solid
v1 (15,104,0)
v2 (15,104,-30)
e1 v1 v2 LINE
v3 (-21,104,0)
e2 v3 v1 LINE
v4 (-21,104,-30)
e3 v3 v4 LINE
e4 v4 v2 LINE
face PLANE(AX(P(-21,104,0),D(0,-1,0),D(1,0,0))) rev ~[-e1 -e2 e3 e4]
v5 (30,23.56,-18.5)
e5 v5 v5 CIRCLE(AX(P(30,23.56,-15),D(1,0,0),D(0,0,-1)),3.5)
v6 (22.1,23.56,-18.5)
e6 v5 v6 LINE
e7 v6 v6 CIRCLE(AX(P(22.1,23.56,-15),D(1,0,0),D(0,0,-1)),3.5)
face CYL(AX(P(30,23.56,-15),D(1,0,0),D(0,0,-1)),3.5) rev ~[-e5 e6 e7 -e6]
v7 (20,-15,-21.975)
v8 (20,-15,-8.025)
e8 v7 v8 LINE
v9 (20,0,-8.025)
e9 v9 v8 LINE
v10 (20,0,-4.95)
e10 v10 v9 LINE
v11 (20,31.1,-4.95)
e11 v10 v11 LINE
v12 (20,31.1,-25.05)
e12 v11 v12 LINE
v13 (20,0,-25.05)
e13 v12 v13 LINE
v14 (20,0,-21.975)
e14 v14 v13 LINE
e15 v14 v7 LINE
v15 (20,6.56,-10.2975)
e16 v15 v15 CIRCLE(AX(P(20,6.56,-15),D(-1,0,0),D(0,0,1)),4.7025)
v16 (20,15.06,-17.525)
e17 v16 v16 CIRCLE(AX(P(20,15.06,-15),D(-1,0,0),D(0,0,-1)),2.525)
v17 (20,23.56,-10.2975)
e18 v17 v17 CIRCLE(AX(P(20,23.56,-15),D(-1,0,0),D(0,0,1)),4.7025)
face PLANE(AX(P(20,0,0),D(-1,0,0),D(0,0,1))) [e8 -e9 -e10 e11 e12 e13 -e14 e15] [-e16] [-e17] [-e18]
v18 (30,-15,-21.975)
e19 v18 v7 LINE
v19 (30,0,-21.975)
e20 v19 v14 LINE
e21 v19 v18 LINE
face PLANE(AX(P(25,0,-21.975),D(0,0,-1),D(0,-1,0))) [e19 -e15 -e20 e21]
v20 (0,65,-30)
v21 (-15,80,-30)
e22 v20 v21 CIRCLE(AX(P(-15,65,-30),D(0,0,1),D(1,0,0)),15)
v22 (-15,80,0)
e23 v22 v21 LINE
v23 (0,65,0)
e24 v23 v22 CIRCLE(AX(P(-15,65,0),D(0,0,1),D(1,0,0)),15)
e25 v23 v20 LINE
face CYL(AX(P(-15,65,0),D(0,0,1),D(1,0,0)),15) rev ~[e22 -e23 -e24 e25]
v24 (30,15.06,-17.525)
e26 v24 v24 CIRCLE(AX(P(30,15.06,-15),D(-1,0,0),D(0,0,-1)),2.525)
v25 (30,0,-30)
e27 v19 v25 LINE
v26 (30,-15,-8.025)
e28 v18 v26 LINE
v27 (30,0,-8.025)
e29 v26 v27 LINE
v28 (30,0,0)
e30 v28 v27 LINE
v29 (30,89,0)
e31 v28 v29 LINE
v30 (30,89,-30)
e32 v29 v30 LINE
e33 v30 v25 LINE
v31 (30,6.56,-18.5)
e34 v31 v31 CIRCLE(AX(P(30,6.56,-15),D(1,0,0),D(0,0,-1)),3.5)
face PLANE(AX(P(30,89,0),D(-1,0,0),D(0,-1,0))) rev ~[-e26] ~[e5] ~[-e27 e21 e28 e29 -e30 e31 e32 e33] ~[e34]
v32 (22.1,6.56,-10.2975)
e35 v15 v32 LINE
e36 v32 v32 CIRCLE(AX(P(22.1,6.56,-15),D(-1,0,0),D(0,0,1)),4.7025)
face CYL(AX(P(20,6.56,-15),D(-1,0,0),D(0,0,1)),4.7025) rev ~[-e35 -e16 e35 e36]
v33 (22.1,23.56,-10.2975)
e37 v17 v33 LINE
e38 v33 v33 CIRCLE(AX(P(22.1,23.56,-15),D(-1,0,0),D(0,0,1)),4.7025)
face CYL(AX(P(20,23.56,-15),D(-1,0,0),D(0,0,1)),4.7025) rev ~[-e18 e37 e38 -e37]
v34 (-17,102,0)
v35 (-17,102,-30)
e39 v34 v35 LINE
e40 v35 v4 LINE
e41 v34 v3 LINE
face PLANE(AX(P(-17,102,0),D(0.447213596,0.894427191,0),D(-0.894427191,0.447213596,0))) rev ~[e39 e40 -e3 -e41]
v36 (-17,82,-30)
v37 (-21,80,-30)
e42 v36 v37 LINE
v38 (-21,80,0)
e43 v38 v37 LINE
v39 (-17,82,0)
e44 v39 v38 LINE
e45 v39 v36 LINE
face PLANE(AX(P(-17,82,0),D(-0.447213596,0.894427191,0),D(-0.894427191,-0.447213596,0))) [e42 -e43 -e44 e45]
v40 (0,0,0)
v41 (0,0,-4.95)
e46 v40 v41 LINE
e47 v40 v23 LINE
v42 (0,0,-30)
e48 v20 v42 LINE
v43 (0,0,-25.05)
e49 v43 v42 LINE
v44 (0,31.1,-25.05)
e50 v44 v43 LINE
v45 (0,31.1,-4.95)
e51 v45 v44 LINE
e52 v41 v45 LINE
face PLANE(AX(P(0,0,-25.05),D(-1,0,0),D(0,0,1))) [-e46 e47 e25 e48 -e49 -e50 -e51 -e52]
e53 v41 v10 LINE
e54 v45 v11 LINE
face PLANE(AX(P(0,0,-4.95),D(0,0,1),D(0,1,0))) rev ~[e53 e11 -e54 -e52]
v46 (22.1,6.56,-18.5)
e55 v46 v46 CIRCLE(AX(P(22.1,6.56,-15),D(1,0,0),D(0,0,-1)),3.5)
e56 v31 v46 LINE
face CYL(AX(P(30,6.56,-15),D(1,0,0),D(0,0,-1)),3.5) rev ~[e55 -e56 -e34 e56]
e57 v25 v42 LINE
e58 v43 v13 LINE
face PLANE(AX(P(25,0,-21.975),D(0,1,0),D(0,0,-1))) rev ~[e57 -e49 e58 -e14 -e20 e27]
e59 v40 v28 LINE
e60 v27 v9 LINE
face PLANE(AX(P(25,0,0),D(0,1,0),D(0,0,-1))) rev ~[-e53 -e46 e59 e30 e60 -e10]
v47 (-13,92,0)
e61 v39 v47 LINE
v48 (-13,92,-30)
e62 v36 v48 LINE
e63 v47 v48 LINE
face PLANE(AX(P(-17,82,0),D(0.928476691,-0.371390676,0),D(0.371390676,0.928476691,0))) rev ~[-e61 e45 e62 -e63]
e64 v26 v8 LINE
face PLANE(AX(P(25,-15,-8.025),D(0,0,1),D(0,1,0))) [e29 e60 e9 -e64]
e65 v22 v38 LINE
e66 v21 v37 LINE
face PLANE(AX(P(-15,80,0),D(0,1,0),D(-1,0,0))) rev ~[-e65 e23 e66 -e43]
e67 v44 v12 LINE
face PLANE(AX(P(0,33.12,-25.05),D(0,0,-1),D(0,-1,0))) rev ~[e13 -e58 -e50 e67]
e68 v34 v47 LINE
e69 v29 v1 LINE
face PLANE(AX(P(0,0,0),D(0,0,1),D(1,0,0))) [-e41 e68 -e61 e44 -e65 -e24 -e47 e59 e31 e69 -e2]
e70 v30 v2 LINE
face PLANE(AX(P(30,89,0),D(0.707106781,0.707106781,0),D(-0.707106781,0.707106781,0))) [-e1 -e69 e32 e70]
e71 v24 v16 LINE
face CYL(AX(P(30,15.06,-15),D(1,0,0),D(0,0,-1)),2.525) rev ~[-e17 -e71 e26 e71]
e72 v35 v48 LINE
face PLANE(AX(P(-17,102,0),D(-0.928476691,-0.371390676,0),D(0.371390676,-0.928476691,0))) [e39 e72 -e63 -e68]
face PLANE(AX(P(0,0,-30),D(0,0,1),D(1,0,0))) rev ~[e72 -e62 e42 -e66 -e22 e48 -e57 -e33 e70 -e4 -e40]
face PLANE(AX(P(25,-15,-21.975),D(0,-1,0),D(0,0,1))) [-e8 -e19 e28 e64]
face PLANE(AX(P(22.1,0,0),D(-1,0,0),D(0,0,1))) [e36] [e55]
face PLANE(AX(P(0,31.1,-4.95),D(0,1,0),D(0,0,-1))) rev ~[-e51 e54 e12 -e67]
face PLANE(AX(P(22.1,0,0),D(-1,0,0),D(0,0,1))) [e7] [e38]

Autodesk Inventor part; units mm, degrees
ref_plane "YZ Plane" through (0, 0, 0) normal (1, 0, 0) x (0, 1, 0)
ref_plane "XZ Plane" through (0, 0, 0) normal (0, 1, 0) x (-1, 0, 0)
ref_plane "XY Plane" through (0, 0, 0) normal (0, 0, 1) x (1, 0, 0)
sketch "Sketch1" plane through (0, 0, 0) normal (0, 0, 1) x (1, 0, 0)
  line L0 (0, 0) -> (25, 0)
  line L1 (25, 0) -> (25, 40)
  line L2 (25, 40) -> (0, 40)
  line L3 (0, 40) -> (0, 0)
  dimension "d1" = 25
  dimension "d2" = 40
  dimension "d3" = 25
extrude "Extrusion1" add sketch "Sketch1" against normal blind 30
sketch "Sketch2" plane through (25, 0, 0) normal (1, 0, 0) x (0, 0, -1)
  line L0 (0, 0) -> (30, 0) projected
  circle A0 centre (15, 6.56) radius 2.46
extrude "Extrusion2" cut sketch "Sketch2" against normal blind 30
sketch "Sketch3" plane through (0, 0, 0) normal (-1, 0, 0) x (0, 0, 1)
  line L0 (0, 0) -> (-30, 0) projected
  line L1 (-25.05, 0) -> (-4.95, 0)
  line L2 (-4.95, 0) -> (-4.95, 33.12)
  line L3 (-4.95, 33.12) -> (-25.05, 33.12)
  line L4 (-25.05, 33.12) -> (-25.05, 0)
  dimension "d11" = 20.1
extrude "Extrusion3" cut sketch "Sketch3" against normal blind 20
sketch "Sketch4" plane through (0, 0, 0) normal (0, -1, 0) x (1, 0, 0)
  line L0 (20, -4.95) -> (20, -25.05) projected
  line L1 (20, -15) -> (25, -15)
  line L2 (25, 0) -> (25, -30) projected
  line L3 (20, -8.025) -> (25, -8.025)
  line L4 (25, -8.025) -> (25, -21.975)
  line L5 (25, -21.975) -> (20, -21.975)
  line L6 (20, -21.975) -> (20, -8.025)
  line L7 (20, -8.025) -> (25, -21.975) construction
  line L8 (25, -8.025) -> (20, -21.975) construction
  line L9 (25, -12.54) -> (25, -17.46) projected
  point P0 (0, 0)
  point P1 (22.5, -15)
  dimension "d14" = 13.95
extrude "Extrusion4" add sketch "Sketch4" along normal blind 15
sketch "Sketch5" plane through (20, 0, 0) normal (-1, 0, 0) x (0, 0, 1)
  circle A0 centre (-15, 6.56) radius 2.46 projected
  circle A1 centre (-15, 6.56) radius 4.7025
  circle A2 centre (-15, 6.56) radius 2.46 projected
  circle A3 centre (-15, 6.56) radius 2.46
  point P0 (0, 0)
  dimension "d17" = 9.405
extrude "Extrusion5" cut sketch "Sketch5" against normal blind 2.1
sketch "Sketch6" plane through (25, 0, 0) normal (1, 0, 0) x (0, 0, -1)
  circle A0 centre (15, 6.56) radius 4.7025 projected
  line L0 (15, 6.56) -> (15, 23.56)
  circle A1 centre (15, 23.56) radius 2.46
  point P0 (0, 0)
  dimension "d20" = 17
  dimension "d21" = 4.92
extrude "Extrusion6" cut sketch "Sketch6" against normal blind 10 contours A1
sketch "Sketch7" plane through (20, 0, 0) normal (-1, 0, 0) x (0, 0, 1)
  circle A0 centre (-15, 23.56) radius 2.46 projected
  circle A1 centre (-15, 23.56) radius 4.7025
  point P0 (0, 0)
  dimension "d24" = 9.405
extrude "Extrusion7" cut sketch "Sketch7" against normal blind 2.1
sketch "Sketch9" plane through (25, 0, 0) normal (1, 0, 0) x (0, 0, -1)
  circle A0 centre (15, 6.56) radius 2.46 projected
  circle A1 centre (15, 6.56) radius 2.46
  circle A2 centre (15, 23.56) radius 2.46 projected
  circle A3 centre (15, 23.56) radius 2.46
  line L0 (30, 40) -> (30, 0) projected
  line L1 (30, 0) -> (30, 40)
  line L2 (30, 40) -> (0, 40)
  line L3 (0, 40) -> (0, 0)
  line L4 (0, 0) -> (8.025, 0) projected
  line L5 (21.975, 0) -> (21.975, -15)
  line L6 (21.975, -15) -> (8.025, -15)
  line L7 (8.025, -15) -> (8.025, 0)
  line L8 (0, 0) -> (8.025, 0)
  line L9 (21.975, 0) -> (30, 0)
extrude "Extrusion8" add sketch "Sketch9" along normal blind 5
sketch "Sketch10" plane through (0, 40, 0) normal (0, 1, 0) x (1, 0, 0)
  line L0 (0, 30) -> (30, 30) projected
  line L1 (30, 0) -> (0, 0) projected
  line L2 (0, 30) -> (30, 30)
  line L3 (30, 30) -> (30, 0)
  line L4 (30, 0) -> (0, 0)
  line L5 (0, 0) -> (0, 30)
extrude "Extrusion9" add sketch "Sketch10" along normal blind 10
sketch "Sketch12" plane through (30, 0, 0) normal (1, 0, 0) x (0, 0, -1)
  circle A0 centre (15, 6.56) radius 2.46 projected
  line L0 (15, 6.56) -> (15, 15.06)
  circle A1 centre (15, 15.06) radius 2.525
  point P0 (0, 0)
  dimension "d31" = 8.5
  dimension "d33" = 5.05
extrude "Extrusion10" cut sketch "Sketch12" against normal blind 30 contours A1
sketch "Sketch14" plane through (0, 0, 0) normal (0, 0, 1) x (1, 0, 0)
  line L0 (30, 50) -> (0, 50) projected
  line L1 (0, 50) -> (0, 65)
  line L2 (30, 0) -> (30, 50) projected
  line L3 (30, 89) -> (30, 50)
  arc A0 (0, 65) -> (-15, 80) centre (-15, 65) ccw
  line L4 (30, 85) -> (30, 80)
  line L5 (-21, 104) -> (15, 104)
  line L6 (-17, 102) -> (-21, 104)
  line L7 (-17, 102) -> (-13, 92)
  line L8 (-17, 82) -> (-21, 80)
  line L9 (-17, 82) -> (-13, 92)
  line L10 (30, 89) -> (15, 104)
  line L11 (-15, 80) -> (-21, 80)
  point P0 (0, 0)
  point P1 (0, 80)
  dimension "d47" = 30
  dimension "d54" = 15
  dimension "d77" = 6
extrude "Extrusion12" add sketch "Sketch14" against normal blind 30
sketch "Sketch15" plane through (0, 0, -25.05) normal (-1, 0, 0) x (0, 0, 1)
  line L0 (0, 33.12) -> (20.1, 33.12) projected
  line L1 (20.1, 33.12) -> (20.1, 0) projected
  line L2 (0, 33.12) -> (20.1, 33.12)
  line L3 (20.1, 33.12) -> (20.1, 31.1)
  line L4 (20.1, 31.1) -> (0, 31.1)
  line L5 (0, 31.1) -> (0, 33.12)
  point P0 (25.05, 0)
  dimension "d57" = 2.02
extrude "Extrusion13" add sketch "Sketch15" against normal blind 20
sketch "Sketch19" plane through (30, 0, 0) normal (1, 0, 0) x (0, 0, -1)
  circle A0 centre (15, 23.56) radius 2.46 projected
  circle A1 centre (15, 23.56) radius 3.5
  circle A2 centre (15, 6.56) radius 2.46 projected
  circle A3 centre (15, 6.56) radius 3.5
  point P0 (0, 0)
  dimension "d73" = 7
  dimension "d74" = 7
extrude "Extrusion14" cut sketch "Sketch19" against normal blind 10
properties part number "20mm_x_30mm"
